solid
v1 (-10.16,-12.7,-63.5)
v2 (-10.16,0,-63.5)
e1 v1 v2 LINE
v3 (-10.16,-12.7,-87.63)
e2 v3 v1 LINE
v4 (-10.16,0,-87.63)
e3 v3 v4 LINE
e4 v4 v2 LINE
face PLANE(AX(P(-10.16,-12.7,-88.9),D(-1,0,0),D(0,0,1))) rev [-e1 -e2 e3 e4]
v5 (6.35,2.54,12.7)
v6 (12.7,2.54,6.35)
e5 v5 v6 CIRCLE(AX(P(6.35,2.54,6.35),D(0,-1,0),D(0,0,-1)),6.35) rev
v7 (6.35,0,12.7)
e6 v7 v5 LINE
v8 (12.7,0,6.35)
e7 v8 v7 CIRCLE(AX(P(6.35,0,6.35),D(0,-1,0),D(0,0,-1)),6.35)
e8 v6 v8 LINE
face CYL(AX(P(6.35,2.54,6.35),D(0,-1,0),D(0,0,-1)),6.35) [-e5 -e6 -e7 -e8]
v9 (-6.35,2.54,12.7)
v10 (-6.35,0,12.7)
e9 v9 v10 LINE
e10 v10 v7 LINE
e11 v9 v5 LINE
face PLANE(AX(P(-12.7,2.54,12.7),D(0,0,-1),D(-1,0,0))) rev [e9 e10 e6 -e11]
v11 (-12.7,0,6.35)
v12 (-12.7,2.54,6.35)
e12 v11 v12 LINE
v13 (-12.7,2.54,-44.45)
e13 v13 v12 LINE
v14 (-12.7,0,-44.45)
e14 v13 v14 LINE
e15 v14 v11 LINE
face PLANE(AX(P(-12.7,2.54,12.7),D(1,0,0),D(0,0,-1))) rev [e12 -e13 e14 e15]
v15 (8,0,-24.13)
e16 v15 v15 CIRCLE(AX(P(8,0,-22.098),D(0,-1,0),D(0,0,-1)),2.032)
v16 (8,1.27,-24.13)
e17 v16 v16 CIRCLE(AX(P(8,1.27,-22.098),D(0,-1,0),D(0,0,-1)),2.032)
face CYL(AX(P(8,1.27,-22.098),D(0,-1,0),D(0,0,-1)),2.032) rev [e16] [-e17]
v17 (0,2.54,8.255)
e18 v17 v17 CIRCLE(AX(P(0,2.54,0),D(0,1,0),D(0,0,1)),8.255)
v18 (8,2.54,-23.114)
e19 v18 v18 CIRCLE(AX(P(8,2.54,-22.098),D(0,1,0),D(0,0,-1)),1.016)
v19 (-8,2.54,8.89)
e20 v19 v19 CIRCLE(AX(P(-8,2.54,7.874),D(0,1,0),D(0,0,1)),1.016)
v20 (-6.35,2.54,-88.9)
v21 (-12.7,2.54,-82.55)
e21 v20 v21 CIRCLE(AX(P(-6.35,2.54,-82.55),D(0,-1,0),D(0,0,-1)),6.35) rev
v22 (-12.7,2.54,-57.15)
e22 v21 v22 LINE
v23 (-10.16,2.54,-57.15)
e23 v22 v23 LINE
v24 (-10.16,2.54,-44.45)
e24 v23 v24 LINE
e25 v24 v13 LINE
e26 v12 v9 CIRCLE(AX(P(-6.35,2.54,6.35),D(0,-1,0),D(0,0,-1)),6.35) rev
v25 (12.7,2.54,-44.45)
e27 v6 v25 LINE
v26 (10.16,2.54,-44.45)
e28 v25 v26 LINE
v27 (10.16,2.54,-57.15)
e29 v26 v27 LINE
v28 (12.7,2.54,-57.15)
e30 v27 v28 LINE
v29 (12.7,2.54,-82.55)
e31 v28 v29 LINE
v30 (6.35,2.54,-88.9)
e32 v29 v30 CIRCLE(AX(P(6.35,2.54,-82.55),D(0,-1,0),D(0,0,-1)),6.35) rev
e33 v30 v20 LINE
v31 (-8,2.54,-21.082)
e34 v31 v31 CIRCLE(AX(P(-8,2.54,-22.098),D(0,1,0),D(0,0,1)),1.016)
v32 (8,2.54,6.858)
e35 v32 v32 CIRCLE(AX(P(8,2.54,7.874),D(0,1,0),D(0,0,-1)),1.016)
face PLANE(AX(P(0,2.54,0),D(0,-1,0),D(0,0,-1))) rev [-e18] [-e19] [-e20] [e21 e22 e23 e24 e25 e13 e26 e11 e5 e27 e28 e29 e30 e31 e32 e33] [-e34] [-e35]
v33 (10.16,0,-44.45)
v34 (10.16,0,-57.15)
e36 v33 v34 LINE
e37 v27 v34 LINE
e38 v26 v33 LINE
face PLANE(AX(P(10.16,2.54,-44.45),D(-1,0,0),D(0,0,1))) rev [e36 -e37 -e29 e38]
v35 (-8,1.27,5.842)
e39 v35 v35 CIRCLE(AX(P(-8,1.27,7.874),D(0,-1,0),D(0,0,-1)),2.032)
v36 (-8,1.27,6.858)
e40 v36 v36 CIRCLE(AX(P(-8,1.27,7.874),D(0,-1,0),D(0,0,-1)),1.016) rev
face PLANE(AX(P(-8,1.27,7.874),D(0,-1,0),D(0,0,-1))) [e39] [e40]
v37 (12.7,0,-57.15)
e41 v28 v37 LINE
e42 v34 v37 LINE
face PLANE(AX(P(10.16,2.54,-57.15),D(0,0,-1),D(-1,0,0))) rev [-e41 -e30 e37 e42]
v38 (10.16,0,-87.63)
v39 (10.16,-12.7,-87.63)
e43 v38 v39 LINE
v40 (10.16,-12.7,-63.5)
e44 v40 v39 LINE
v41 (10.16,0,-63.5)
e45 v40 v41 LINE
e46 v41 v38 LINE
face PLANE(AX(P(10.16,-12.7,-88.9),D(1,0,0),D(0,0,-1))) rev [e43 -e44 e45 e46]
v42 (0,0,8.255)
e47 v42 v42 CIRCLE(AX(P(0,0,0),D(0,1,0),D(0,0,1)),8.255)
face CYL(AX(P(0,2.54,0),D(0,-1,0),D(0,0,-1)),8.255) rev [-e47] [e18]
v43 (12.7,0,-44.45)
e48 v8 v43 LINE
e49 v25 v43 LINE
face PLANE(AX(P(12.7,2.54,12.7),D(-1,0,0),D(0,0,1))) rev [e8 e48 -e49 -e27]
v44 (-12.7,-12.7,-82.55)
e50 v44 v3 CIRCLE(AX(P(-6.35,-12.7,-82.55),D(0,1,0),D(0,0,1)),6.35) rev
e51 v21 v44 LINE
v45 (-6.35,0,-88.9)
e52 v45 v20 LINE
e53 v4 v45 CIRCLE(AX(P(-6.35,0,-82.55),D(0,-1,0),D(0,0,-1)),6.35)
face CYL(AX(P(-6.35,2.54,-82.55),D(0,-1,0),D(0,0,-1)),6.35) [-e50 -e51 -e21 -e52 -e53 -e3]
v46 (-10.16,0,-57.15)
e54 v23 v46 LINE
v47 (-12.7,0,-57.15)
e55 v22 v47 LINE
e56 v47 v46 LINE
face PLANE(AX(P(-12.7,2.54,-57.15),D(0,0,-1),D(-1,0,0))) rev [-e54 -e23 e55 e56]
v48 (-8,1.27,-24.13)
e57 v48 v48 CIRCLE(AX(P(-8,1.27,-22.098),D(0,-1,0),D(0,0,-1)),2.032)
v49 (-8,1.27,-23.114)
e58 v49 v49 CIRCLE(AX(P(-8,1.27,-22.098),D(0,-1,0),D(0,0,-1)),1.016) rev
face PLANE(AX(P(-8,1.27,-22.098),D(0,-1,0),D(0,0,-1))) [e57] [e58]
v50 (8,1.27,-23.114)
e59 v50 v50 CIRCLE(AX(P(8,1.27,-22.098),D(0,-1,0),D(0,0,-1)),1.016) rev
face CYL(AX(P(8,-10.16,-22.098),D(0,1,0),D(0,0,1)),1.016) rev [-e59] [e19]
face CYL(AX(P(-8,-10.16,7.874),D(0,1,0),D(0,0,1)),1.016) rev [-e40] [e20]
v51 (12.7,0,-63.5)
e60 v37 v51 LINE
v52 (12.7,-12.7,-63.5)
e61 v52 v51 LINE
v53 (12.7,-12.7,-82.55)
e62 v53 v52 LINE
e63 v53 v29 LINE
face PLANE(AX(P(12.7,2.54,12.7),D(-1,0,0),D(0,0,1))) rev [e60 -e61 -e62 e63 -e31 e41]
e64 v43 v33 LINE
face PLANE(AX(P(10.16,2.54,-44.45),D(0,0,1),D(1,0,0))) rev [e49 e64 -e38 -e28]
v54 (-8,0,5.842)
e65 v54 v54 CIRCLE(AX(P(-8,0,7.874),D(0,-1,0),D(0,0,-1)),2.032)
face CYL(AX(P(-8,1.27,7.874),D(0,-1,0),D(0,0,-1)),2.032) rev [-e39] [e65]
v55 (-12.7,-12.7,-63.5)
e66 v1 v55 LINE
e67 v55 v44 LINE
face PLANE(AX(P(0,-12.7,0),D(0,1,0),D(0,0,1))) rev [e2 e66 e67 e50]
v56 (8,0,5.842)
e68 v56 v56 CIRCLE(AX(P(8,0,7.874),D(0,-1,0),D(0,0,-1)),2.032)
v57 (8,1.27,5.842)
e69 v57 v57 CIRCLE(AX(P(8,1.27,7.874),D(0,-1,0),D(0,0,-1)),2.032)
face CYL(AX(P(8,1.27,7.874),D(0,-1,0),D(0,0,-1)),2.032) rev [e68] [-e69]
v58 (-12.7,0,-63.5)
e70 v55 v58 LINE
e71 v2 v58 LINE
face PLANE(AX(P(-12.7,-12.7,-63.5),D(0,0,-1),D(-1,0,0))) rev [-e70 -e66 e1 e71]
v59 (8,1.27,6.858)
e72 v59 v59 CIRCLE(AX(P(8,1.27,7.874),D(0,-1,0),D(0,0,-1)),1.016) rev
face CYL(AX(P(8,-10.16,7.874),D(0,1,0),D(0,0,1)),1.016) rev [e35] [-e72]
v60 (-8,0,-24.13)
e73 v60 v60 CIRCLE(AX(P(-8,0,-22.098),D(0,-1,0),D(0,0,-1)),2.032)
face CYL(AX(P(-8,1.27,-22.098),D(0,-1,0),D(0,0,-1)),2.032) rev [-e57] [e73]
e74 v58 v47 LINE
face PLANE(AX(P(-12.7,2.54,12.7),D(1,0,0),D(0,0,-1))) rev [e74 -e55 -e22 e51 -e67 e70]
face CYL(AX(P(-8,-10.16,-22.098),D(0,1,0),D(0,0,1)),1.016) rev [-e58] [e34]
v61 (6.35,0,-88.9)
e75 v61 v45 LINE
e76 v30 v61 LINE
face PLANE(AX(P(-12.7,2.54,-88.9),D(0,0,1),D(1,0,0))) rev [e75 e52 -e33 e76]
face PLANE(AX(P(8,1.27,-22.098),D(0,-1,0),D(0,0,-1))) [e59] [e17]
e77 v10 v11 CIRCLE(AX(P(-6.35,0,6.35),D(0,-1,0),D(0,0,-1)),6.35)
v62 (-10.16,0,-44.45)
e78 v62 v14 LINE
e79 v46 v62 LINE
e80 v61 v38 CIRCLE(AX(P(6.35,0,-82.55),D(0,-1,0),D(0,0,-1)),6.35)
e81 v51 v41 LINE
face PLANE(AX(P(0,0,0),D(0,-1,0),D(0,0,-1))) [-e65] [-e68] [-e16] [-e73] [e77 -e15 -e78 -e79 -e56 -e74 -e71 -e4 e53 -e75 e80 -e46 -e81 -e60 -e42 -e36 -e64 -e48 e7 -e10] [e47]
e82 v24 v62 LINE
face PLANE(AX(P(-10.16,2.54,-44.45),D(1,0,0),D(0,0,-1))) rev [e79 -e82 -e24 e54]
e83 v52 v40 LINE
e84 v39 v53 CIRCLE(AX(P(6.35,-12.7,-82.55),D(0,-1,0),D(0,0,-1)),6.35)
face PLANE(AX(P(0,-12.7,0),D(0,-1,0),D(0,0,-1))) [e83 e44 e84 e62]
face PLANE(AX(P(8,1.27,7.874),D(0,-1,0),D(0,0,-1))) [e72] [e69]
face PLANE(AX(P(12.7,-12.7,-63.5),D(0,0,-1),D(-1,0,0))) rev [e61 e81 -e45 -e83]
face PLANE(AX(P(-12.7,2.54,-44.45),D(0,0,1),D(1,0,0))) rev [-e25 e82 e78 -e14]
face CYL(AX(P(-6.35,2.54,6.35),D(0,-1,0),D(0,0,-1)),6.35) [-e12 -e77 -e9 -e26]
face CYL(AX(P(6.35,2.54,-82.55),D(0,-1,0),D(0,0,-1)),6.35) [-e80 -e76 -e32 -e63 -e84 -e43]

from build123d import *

# Parameters (mm, degrees)
SKETCH1_W           = 25.4
SKETCH1_H           = 101.6
SKETCH1_R           = 8.255
BOSS_EXTRUDE1_DEPTH = 2.54
SKETCH3_W           = 2.54
SKETCH3_H           = 25.4
BOSS_EXTRUDE2_DEPTH = 12.7
SKETCH2_R           = 1.016
CUT_EXTRUDE3_DEPTH  = 12.7
FILLET1_R           = 6.35
SKETCH5_R           = 2.032
CUT_EXTRUDE4_DEPTH  = 1.27
SKETCH6_W           = 2.54
SKETCH6_H           = 12.7
CUT_EXTRUDE5_DEPTH  = 91.696141042


with BuildPart() as part:
    # Sketch1 → Boss-Extrude1 (new body)
    with BuildSketch(Plane(origin=(0, 0, 0), x_dir=(1, 0, 0), z_dir=(0, 1, 0))):
        with Locations((0, 38.1)):
            Rectangle(SKETCH1_W, SKETCH1_H)
        with Locations(Location((0, 0, 0), (0, 0, 270))):
            Circle(SKETCH1_R, mode=Mode.SUBTRACT)
    extrude(amount=BOSS_EXTRUDE1_DEPTH)

    # Sketch3 → Boss-Extrude2 (add)
    with BuildSketch(Plane.XZ):
        with Locations((-11.43, -76.2)):
            Rectangle(SKETCH3_W, SKETCH3_H)
        with Locations((11.43, -76.2)):
            Rectangle(SKETCH3_W, SKETCH3_H)
    extrude(amount=BOSS_EXTRUDE2_DEPTH)

    # Sketch2 → Cut-Extrude3 (cut)
    with BuildSketch(Plane(origin=(0, 2.54, 0), x_dir=(1, 0, 0), z_dir=(0, 1, 0))):
        with Locations(Location((-8.000000002, 22.098, 0), (0, 0, 270))):
            Circle(SKETCH2_R)
        with Locations(Location((8.000000002, 22.098, 0), (0, 0, 90))):
            Circle(SKETCH2_R)
        with Locations(Location((-8.000000002, -7.874, 0), (0, 0, 270))):
            Circle(SKETCH2_R)
        with Locations(Location((8.000000002, -7.874, 0), (0, 0, 90))):
            Circle(SKETCH2_R)
    extrude(amount=-CUT_EXTRUDE3_DEPTH, mode=Mode.SUBTRACT)

    # Fillet1
    fillet1_edges = [part.edges().sort_by_distance(p)[0] for p in [
        (12.7, 1.27, 12.7),
        (-12.7, 1.27, 12.7),
        (12.7, -5.08, -88.9),
        (-12.7, -5.08, -88.9),
    ]]
    fillet(fillet1_edges, radius=FILLET1_R)

    # Sketch5 → Cut-Extrude4 (cut)
    with BuildSketch(Plane.XZ):
        with Locations(Location((-8.000000002, -22.098, 0), (0, 0, 270))):
            Circle(SKETCH5_R)
        with Locations(Location((-8.000000002, 7.874, 0), (0, 0, 270))):
            Circle(SKETCH5_R)
        with Locations(Location((8.000000002, -22.098, 0), (0, 0, 270))):
            Circle(SKETCH5_R)
        with Locations(Location((8.000000002, 7.874, 0), (0, 0, 270))):
            Circle(SKETCH5_R)
    extrude(amount=-CUT_EXTRUDE4_DEPTH, mode=Mode.SUBTRACT)

    # Sketch6 → Cut-Extrude5 (cut, through all)
    with BuildSketch(Plane.XZ):
        with Locations((11.43, -50.8)):
            Rectangle(SKETCH6_W, SKETCH6_H)
        with Locations((-11.43, -50.8)):
            Rectangle(SKETCH6_W, SKETCH6_H)
    extrude(amount=-CUT_EXTRUDE5_DEPTH, mode=Mode.SUBTRACT)


solid = part.part
